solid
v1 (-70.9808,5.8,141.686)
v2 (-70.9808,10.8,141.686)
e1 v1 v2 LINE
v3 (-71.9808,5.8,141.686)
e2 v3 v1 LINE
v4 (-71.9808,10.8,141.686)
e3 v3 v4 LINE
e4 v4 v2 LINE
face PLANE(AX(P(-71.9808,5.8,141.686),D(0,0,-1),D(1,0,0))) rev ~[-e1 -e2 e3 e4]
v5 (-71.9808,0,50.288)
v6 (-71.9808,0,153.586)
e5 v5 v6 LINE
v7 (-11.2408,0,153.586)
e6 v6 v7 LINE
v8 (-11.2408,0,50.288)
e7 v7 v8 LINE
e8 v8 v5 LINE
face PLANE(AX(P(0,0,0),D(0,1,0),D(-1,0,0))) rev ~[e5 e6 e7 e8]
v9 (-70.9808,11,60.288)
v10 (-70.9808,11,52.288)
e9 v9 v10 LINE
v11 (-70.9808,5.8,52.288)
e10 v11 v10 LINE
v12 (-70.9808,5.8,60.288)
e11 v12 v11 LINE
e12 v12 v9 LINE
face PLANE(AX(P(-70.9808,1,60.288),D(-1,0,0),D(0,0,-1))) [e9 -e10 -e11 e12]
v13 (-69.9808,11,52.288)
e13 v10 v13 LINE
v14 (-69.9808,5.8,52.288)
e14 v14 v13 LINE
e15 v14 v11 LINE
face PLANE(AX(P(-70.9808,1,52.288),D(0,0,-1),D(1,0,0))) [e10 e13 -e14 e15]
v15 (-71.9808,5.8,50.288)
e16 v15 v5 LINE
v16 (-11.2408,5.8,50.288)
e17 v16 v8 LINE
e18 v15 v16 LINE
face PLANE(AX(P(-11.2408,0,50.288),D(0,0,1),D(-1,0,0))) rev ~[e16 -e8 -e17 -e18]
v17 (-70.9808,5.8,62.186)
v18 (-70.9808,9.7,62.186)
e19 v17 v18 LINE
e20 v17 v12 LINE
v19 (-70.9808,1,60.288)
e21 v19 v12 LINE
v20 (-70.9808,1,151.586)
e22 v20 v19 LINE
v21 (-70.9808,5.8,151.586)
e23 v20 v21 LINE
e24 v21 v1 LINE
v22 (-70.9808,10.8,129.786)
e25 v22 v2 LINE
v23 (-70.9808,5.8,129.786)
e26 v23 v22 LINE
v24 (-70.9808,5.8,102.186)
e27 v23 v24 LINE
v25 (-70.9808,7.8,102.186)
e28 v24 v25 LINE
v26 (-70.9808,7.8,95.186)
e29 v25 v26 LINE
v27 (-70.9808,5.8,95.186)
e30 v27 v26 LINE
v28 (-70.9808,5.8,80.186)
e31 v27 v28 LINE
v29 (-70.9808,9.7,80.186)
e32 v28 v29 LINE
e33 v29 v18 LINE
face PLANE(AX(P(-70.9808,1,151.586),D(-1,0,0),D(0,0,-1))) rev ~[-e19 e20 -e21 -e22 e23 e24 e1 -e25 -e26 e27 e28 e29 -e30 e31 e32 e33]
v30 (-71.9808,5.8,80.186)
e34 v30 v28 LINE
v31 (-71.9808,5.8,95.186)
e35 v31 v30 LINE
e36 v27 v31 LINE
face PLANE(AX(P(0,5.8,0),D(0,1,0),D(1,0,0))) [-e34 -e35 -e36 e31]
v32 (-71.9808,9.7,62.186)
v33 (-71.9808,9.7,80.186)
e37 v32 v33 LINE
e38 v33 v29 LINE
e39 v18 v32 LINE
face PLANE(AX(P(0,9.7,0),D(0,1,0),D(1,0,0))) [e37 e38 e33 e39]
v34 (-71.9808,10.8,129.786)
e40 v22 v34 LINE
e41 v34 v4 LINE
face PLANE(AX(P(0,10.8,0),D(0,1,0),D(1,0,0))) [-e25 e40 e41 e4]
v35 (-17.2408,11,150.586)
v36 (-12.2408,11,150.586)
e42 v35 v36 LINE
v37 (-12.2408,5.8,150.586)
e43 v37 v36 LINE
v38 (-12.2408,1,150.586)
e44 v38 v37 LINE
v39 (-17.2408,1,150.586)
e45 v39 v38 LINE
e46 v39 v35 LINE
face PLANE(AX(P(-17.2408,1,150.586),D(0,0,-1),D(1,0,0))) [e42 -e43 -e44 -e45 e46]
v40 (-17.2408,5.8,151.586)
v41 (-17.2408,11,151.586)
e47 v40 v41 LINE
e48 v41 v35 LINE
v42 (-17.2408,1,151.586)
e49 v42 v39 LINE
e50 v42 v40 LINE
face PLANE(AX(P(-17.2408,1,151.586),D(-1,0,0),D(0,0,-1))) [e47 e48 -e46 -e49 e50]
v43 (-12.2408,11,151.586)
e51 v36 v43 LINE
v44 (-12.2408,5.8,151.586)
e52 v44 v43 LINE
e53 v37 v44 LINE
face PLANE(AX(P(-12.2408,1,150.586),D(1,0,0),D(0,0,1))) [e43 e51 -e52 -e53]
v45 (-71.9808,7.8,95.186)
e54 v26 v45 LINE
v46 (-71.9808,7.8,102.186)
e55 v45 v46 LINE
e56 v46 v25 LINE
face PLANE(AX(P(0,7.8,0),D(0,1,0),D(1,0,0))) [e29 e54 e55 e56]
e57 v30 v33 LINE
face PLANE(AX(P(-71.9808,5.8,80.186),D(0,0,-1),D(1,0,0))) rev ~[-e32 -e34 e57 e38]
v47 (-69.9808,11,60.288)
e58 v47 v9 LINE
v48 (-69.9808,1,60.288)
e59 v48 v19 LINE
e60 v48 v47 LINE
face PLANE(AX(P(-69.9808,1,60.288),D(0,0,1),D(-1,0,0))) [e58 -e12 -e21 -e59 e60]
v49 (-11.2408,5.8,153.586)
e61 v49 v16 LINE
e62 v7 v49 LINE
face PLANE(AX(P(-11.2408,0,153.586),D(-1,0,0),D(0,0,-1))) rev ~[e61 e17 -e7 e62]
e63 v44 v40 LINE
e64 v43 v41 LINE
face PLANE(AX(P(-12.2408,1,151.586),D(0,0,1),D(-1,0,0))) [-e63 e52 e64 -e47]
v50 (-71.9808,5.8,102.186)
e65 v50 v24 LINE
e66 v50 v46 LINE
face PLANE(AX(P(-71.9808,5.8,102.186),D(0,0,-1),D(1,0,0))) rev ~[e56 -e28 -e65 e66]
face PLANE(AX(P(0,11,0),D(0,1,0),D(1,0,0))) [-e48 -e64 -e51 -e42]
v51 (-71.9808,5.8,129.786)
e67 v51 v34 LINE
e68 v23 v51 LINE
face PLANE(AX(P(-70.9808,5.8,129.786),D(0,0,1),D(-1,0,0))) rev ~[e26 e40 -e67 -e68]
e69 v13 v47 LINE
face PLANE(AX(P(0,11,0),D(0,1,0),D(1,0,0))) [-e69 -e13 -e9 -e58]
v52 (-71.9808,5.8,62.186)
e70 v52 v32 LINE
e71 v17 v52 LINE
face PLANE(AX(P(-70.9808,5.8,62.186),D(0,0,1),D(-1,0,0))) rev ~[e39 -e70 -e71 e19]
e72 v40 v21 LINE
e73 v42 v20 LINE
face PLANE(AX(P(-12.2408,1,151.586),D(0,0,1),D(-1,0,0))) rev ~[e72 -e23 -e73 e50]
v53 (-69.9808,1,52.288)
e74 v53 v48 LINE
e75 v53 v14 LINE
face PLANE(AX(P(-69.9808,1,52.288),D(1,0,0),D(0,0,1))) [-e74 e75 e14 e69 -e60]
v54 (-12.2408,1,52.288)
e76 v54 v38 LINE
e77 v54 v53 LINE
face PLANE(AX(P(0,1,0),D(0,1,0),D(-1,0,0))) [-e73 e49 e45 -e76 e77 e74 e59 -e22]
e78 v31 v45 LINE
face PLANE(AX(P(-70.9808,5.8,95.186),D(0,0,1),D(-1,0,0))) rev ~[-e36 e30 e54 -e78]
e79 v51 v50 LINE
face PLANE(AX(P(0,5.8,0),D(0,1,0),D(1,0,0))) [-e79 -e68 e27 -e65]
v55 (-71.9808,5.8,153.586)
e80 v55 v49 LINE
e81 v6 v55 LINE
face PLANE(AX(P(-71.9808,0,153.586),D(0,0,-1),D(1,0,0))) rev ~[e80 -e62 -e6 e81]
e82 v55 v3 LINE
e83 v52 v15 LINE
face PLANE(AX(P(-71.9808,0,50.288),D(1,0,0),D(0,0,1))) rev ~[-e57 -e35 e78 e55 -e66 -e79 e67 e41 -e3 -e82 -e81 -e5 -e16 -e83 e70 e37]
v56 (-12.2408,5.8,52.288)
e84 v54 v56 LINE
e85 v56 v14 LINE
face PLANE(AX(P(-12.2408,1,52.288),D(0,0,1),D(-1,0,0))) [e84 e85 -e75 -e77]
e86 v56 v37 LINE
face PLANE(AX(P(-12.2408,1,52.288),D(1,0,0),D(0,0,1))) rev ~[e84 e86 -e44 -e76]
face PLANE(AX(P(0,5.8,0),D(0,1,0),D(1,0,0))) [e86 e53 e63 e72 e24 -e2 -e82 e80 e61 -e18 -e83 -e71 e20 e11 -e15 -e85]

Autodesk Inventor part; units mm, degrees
ref_plane "YZ Plane" through (0, 0, 0) normal (1, 0, 0) x (0, 1, 0)
ref_plane "XZ Plane" through (0, 0, 0) normal (0, 1, 0) x (-1, 0, 0)
ref_plane "XY Plane" through (0, 0, 0) normal (0, 0, 1) x (1, 0, 0)
sketch "Sketch1" plane through (0, 0, 0) normal (0, 1, 0) x (-1, 0, 0)
  line L0 (71.9808, 153.586) -> (11.2408, 153.586)
  line L1 (11.2408, 153.586) -> (11.2408, 50.288)
  line L2 (11.2408, 50.288) -> (71.9808, 50.288)
  line L3 (71.9808, 50.288) -> (71.9808, 153.586)
  point P0 (0, 0)
  dimension "d0" = 60.74
  dimension "d1" = 103.298
extrude "Extrusion1" add sketch "Sketch1" along normal blind 1
sketch "Sketch2" plane through (0, 1, 0) normal (0, 1, 0) x (1, 0, 0)
  line L0 (-71.9808, -50.288) -> (-71.9808, -153.586) projected
  line L1 (-11.2408, -153.586) -> (-11.2408, -50.288) projected
  line L2 (-71.9808, -153.586) -> (-11.2408, -153.586)
  line L3 (-11.2408, -153.586) -> (-11.2408, -151.586)
  line L4 (-11.2408, -151.586) -> (-71.9808, -151.586)
  line L5 (-71.9808, -151.586) -> (-71.9808, -153.586)
  line L6 (-11.2408, -50.288) -> (-71.9808, -50.288) projected
  line L7 (-71.9808, -151.586) -> (-70.9808, -151.586)
  line L8 (-70.9808, -151.586) -> (-70.9808, -50.288)
  line L9 (-70.9808, -50.288) -> (-71.9808, -50.288)
  line L10 (-71.9808, -50.288) -> (-71.9808, -151.586)
  line L11 (-70.9808, -50.288) -> (-11.2408, -50.288)
  line L12 (-11.2408, -50.288) -> (-11.2408, -52.288)
  line L13 (-11.2408, -52.288) -> (-70.9808, -52.288)
  line L14 (-70.9808, -52.288) -> (-70.9808, -50.288)
  line L15 (-11.2408, -52.288) -> (-12.2408, -52.288)
  line L16 (-12.2408, -52.288) -> (-12.2408, -151.586)
  line L17 (-12.2408, -151.586) -> (-11.2408, -151.586)
  line L18 (-11.2408, -151.586) -> (-11.2408, -52.288)
  point P0 (0, 0)
  dimension "d4" = 2
  dimension "d5" = 1
  dimension "d6" = 2
  dimension "d7" = 1
extrude "Extrusion2" add sketch "Sketch2" along normal blind 4.8 contours L6 L8 L4 L0 | L4 L1 L2 L0 | L6 L1 L13 L8 | L16 L13 L1 L4
sketch "Sketch3" plane through (0, 5.8, 0) normal (0, 1, 0) x (1, 0, 0)
  line L0 (-71.9808, -50.288) -> (-71.9808, -153.586) projected
  line L1 (-71.9808, -153.586) -> (-71.9808, -141.686)
  line L2 (-70.9808, -52.288) -> (-70.9808, -151.586) projected
  line L3 (-71.9808, -141.686) -> (-70.9808, -141.686)
  line L4 (-70.9808, -141.686) -> (-70.9808, -129.786)
  line L5 (-70.9808, -129.786) -> (-71.9808, -129.786)
  line L6 (-71.9808, -129.786) -> (-71.9808, -141.686)
  point P0 (0, 0)
  point P1 (-71.4808, -129.786)
  point P2 (-71.4808, -141.686)
  dimension "d18" = 11.9
  dimension "d19" = 11.9
extrude "Extrusion3" add sketch "Sketch3" along normal blind 5
sketch "Sketch4" plane through (0, 5.8, 0) normal (0, 1, 0) x (1, 0, 0)
  line L0 (-71.9808, -129.786) -> (-71.9808, -116.586)
  line L1 (-71.9808, -50.288) -> (-71.9808, -129.786) projected
  line L2 (-70.9808, -129.786) -> (-70.9808, -52.288) projected
  line L3 (-71.9808, -116.586) -> (-70.9808, -116.586)
  line L4 (-70.9808, -116.586) -> (-70.9808, -110.586)
  line L5 (-70.9808, -110.586) -> (-71.9808, -110.586)
  line L6 (-71.9808, -110.586) -> (-71.9808, -116.586)
  line L7 (-71.9808, -110.586) -> (-71.9808, -102.186)
  line L8 (-71.9808, -102.186) -> (-70.9808, -102.186)
  line L9 (-70.9808, -102.186) -> (-70.9808, -95.186)
  line L10 (-70.9808, -95.186) -> (-71.9808, -95.186)
  line L11 (-71.9808, -95.186) -> (-71.9808, -102.186)
  point P0 (0, 0)
  point P1 (-71.4808, -110.586)
  point P2 (-71.4808, -116.586)
  point P3 (-71.4808, -95.186)
  point P4 (-71.4808, -102.186)
  dimension "d22" = 13.2
  dimension "d23" = 6
  dimension "d24" = 8.4
  dimension "d25" = 7
extrude "Extrusion4" add sketch "Sketch4" along normal blind 2 contours L10 L2 L8 L1
sketch "Sketch5" plane through (0, 5.8, 0) normal (0, 1, 0) x (1, 0, 0)
  line L0 (-71.9808, -95.186) -> (-71.9808, -102.186) projected
  line L1 (-71.9808, -95.186) -> (-71.9808, -80.186)
  line L2 (-71.9808, -50.288) -> (-71.9808, -95.186) projected
  line L3 (-70.9808, -95.186) -> (-70.9808, -52.288) projected
  line L4 (-71.9808, -80.186) -> (-70.9808, -80.186)
  line L5 (-70.9808, -80.186) -> (-70.9808, -62.186)
  line L6 (-70.9808, -62.186) -> (-71.9808, -62.186)
  line L7 (-71.9808, -62.186) -> (-71.9808, -80.186)
  point P0 (0, 0)
  point P1 (-71.4808, -62.186)
  point P2 (-71.4808, -80.186)
  dimension "d28" = 15
  dimension "d29" = 18
extrude "Extrusion5" add sketch "Sketch5" along normal blind 3.9
sketch "Sketch6" plane through (0, 1, 0) normal (0, 1, 0) x (1, 0, 0)
  line L0 (-70.9808, -62.186) -> (-70.9808, -52.288) projected
  line L1 (-70.9808, -52.288) -> (-69.9808, -52.288)
  line L2 (-69.9808, -52.288) -> (-69.9808, -60.288)
  line L3 (-69.9808, -60.288) -> (-70.9808, -60.288)
  line L4 (-70.9808, -60.288) -> (-70.9808, -52.288)
  line L5 (-12.2408, -151.586) -> (-17.2408, -151.586)
  line L6 (-17.2408, -151.586) -> (-17.2408, -150.586)
  line L7 (-17.2408, -150.586) -> (-12.2408, -150.586)
  line L8 (-12.2408, -150.586) -> (-12.2408, -151.586)
  point P0 (0, 0)
  point P1 (-70.4808, -52.288)
  point P2 (-70.4808, -60.288)
  point P3 (-17.2408, -151.086)
  point P4 (-12.2408, -151.086)
  dimension "d32" = 1
  dimension "d33" = 8
  dimension "d34" = 1
  dimension "d35" = 5
extrude "Extrusion6" add sketch "Sketch6" along normal blind 10
properties part number "lid top"
